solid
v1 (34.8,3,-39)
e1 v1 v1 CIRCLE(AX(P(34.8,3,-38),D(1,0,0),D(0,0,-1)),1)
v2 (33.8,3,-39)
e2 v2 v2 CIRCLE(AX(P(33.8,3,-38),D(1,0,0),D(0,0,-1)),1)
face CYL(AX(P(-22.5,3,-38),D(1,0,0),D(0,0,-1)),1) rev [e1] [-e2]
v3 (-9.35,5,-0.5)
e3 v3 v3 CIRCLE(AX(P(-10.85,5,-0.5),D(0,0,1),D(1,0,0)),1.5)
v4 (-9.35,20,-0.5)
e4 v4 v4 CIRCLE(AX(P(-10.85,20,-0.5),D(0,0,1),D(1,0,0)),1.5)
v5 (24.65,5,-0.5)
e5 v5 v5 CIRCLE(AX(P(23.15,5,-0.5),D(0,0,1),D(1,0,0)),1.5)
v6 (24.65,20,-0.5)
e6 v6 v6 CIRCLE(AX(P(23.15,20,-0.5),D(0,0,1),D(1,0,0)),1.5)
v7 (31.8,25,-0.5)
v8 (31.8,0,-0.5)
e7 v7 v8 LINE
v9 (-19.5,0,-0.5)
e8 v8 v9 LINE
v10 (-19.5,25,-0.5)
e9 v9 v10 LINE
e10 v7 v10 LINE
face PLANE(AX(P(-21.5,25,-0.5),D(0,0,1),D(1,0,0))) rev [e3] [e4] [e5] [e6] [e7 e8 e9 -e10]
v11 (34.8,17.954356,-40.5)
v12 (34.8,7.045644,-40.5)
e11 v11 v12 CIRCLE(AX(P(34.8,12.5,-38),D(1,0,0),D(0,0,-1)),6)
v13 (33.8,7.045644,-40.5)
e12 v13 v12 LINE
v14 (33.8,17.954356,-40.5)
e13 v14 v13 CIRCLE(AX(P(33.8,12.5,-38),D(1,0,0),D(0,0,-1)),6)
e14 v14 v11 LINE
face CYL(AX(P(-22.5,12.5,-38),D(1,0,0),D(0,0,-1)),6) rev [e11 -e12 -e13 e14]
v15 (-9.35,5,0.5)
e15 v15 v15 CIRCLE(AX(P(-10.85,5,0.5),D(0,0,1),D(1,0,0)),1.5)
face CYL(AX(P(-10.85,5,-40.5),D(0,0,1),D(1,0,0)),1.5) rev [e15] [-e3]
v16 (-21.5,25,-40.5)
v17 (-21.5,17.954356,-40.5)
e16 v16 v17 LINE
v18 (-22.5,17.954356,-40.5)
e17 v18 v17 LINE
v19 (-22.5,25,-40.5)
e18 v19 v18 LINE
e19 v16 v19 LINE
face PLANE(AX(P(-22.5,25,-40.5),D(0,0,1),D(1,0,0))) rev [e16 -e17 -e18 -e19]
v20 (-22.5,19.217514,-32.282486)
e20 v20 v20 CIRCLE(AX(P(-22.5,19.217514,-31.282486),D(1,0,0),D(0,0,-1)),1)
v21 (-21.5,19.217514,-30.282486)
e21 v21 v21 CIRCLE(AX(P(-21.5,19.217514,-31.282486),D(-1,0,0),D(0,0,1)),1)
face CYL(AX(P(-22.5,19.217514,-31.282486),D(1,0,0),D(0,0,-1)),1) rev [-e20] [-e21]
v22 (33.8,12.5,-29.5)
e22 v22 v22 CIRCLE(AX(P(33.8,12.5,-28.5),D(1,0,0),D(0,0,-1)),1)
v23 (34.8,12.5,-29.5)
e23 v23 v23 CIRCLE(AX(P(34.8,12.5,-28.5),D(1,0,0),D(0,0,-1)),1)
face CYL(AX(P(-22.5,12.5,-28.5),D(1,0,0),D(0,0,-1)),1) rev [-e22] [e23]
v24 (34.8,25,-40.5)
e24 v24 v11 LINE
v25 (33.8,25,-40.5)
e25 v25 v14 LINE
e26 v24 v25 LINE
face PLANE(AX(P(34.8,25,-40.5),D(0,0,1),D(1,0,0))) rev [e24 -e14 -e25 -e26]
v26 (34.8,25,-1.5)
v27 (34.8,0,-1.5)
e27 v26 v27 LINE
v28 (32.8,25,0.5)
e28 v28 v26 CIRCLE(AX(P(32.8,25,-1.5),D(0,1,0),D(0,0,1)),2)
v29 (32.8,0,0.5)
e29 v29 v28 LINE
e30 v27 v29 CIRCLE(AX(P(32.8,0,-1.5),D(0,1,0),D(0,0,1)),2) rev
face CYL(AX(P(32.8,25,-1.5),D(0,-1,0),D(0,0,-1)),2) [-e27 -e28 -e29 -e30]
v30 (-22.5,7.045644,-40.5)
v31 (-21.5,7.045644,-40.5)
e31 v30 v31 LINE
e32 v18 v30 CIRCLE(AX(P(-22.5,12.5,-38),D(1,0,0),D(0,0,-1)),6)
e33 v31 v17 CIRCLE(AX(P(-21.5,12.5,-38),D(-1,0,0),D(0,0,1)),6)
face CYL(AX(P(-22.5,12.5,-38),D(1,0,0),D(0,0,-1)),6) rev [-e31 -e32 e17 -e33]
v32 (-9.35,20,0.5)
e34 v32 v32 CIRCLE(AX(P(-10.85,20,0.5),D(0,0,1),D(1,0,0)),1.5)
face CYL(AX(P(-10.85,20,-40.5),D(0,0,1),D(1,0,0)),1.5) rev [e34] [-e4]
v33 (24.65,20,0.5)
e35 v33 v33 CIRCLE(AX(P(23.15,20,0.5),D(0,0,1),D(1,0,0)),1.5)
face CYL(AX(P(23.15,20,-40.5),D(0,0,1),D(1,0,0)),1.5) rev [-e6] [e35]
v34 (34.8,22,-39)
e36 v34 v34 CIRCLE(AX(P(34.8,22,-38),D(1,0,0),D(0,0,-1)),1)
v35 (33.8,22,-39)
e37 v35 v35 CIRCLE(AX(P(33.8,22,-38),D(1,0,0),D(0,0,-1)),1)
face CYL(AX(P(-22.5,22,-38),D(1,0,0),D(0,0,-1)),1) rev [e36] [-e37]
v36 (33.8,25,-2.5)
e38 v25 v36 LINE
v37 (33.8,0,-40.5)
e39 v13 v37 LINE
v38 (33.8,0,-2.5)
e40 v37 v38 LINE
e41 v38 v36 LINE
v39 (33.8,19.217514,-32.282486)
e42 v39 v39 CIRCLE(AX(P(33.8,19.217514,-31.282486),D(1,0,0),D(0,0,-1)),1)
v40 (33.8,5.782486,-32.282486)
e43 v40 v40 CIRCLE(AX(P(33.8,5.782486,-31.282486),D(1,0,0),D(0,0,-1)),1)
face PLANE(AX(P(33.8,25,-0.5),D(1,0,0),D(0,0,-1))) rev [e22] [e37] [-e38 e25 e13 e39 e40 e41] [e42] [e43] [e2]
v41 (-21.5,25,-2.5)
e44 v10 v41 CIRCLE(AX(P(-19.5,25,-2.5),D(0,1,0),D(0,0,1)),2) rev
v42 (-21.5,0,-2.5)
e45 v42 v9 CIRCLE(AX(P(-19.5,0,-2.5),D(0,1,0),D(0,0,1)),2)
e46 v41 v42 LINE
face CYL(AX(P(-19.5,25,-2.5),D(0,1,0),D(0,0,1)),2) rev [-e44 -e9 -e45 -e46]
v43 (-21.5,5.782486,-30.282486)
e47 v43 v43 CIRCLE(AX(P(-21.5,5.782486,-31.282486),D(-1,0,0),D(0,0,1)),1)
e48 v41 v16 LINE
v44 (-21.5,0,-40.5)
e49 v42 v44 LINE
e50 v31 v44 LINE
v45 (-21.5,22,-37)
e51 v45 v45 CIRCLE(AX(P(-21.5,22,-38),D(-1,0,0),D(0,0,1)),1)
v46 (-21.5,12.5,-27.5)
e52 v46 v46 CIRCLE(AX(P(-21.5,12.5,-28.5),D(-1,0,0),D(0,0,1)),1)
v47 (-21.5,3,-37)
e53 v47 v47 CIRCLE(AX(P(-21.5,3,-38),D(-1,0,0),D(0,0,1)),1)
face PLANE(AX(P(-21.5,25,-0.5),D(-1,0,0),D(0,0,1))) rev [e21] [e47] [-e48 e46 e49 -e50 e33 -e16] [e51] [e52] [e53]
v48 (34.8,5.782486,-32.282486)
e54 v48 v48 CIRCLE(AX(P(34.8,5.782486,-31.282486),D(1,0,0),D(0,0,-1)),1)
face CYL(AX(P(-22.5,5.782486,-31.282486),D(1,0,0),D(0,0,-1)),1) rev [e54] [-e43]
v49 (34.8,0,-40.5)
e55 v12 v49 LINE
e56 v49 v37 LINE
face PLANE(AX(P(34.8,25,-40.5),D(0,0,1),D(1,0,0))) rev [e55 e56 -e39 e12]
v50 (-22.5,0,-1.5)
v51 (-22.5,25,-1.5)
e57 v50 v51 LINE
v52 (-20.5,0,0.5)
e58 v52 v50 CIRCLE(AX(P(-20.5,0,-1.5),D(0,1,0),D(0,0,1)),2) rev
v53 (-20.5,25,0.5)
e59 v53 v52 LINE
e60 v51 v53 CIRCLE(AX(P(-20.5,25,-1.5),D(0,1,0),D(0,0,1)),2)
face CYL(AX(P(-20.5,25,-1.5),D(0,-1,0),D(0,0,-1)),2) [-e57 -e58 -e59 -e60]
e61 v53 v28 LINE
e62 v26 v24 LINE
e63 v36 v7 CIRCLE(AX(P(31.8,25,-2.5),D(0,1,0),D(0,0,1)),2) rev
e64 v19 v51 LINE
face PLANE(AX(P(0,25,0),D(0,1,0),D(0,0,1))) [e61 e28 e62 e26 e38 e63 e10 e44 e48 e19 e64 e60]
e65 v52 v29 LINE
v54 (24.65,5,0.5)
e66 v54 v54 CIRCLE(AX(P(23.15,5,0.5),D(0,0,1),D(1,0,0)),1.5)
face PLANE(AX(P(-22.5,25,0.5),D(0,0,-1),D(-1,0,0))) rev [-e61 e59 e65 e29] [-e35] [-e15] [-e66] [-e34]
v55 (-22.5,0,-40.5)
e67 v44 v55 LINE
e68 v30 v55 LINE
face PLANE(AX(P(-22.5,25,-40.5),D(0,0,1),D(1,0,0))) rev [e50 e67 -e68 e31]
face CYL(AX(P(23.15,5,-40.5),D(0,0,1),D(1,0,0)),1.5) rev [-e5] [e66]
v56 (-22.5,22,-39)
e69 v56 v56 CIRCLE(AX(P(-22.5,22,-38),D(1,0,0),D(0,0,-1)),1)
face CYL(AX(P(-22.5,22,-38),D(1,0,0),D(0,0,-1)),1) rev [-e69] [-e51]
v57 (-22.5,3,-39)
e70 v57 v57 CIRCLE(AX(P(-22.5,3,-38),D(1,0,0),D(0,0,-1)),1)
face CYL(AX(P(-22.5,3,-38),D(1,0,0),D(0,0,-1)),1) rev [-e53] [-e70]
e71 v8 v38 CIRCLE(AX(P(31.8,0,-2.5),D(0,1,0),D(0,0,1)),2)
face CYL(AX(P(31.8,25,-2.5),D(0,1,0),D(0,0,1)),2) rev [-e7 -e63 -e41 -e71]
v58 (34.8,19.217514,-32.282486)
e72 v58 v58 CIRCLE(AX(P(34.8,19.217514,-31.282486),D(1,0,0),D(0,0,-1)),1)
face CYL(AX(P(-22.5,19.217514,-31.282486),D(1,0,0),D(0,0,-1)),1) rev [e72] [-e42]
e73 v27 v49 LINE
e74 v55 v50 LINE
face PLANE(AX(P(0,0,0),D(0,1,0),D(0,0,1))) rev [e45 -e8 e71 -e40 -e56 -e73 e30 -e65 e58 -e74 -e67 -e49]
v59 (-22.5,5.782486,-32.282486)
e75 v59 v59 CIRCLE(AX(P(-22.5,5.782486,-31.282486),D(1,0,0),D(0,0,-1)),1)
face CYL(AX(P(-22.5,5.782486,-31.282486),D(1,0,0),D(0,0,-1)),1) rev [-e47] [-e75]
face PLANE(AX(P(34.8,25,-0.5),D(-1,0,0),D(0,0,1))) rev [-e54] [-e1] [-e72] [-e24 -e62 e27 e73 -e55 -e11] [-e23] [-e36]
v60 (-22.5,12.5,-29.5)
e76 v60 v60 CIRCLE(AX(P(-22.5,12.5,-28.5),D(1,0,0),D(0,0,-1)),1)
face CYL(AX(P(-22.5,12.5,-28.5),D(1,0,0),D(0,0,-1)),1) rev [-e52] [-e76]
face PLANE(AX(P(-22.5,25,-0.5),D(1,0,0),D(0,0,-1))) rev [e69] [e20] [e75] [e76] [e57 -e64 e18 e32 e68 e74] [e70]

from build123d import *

# Parameters (mm, degrees)
BOSS_EXTRUDE1_DEPTH = 25
SKETCH2_R           = 1
SKETCH2_R_2         = 6
CUT_EXTRUDE1_DEPTH  = 58.3
FILLET2_R           = 2
SKETCH3_R           = 1.5
CUT_EXTRUDE2_DEPTH  = 42


with BuildPart() as part:
    # Sketch1 → Boss-Extrude1 (new body)
    with BuildSketch(Plane(origin=(0, 0, 0), x_dir=(1, 0, 0), z_dir=(0, 1, 0))):
        Polygon((-21.5, 0.5), (33.8, 0.5), (33.8, 40.5), (34.8, 40.5), (34.8, 0.5), (34.8, -0.5), (-22.5, -0.5), (-22.5, 0.5), (-22.5, 40.5), (-21.5, 40.5), align=None)
    extrude(amount=BOSS_EXTRUDE1_DEPTH)

    # Sketch2 → Cut-Extrude1 (cut, through all)
    with BuildSketch(Plane(origin=(34.8, 0, 0), x_dir=(0, 0, -1), z_dir=(1, 0, 0))):
        with Locations((28.5, 12.5)):
            Circle(SKETCH2_R)
        with Locations((38, 12.5)):
            Circle(SKETCH2_R_2)
        with Locations((31.282485579, 19.217514421)):
            Circle(SKETCH2_R)
        with Locations((38, 22)):
            Circle(SKETCH2_R)
        with Locations((38, 3)):
            Circle(SKETCH2_R)
        with Locations((31.282485579, 5.782485579)):
            Circle(SKETCH2_R)
    extrude(amount=-CUT_EXTRUDE1_DEPTH, mode=Mode.SUBTRACT)

    # Fillet2
    fillet2_edges = [part.edges().sort_by_distance(p)[0] for p in [
        (34.8, 12.5, 0.5),
        (-22.5, 12.5, 0.5),
        (-21.5, 12.5, -0.5),
        (33.8, 12.5, -0.5),
    ]]
    fillet(fillet2_edges, radius=FILLET2_R)

    # Sketch3 → Cut-Extrude2 (cut, through all)
    with BuildSketch(Plane.XY.offset(0.5)):
        with Locations((-10.85, 20)):
            Circle(SKETCH3_R)
        with Locations((23.15, 20)):
            Circle(SKETCH3_R)
        with Locations((-10.85, 5)):
            Circle(SKETCH3_R)
        with Locations((23.15, 5)):
            Circle(SKETCH3_R)
    extrude(amount=-CUT_EXTRUDE2_DEPTH, mode=Mode.SUBTRACT)


solid = part.part
